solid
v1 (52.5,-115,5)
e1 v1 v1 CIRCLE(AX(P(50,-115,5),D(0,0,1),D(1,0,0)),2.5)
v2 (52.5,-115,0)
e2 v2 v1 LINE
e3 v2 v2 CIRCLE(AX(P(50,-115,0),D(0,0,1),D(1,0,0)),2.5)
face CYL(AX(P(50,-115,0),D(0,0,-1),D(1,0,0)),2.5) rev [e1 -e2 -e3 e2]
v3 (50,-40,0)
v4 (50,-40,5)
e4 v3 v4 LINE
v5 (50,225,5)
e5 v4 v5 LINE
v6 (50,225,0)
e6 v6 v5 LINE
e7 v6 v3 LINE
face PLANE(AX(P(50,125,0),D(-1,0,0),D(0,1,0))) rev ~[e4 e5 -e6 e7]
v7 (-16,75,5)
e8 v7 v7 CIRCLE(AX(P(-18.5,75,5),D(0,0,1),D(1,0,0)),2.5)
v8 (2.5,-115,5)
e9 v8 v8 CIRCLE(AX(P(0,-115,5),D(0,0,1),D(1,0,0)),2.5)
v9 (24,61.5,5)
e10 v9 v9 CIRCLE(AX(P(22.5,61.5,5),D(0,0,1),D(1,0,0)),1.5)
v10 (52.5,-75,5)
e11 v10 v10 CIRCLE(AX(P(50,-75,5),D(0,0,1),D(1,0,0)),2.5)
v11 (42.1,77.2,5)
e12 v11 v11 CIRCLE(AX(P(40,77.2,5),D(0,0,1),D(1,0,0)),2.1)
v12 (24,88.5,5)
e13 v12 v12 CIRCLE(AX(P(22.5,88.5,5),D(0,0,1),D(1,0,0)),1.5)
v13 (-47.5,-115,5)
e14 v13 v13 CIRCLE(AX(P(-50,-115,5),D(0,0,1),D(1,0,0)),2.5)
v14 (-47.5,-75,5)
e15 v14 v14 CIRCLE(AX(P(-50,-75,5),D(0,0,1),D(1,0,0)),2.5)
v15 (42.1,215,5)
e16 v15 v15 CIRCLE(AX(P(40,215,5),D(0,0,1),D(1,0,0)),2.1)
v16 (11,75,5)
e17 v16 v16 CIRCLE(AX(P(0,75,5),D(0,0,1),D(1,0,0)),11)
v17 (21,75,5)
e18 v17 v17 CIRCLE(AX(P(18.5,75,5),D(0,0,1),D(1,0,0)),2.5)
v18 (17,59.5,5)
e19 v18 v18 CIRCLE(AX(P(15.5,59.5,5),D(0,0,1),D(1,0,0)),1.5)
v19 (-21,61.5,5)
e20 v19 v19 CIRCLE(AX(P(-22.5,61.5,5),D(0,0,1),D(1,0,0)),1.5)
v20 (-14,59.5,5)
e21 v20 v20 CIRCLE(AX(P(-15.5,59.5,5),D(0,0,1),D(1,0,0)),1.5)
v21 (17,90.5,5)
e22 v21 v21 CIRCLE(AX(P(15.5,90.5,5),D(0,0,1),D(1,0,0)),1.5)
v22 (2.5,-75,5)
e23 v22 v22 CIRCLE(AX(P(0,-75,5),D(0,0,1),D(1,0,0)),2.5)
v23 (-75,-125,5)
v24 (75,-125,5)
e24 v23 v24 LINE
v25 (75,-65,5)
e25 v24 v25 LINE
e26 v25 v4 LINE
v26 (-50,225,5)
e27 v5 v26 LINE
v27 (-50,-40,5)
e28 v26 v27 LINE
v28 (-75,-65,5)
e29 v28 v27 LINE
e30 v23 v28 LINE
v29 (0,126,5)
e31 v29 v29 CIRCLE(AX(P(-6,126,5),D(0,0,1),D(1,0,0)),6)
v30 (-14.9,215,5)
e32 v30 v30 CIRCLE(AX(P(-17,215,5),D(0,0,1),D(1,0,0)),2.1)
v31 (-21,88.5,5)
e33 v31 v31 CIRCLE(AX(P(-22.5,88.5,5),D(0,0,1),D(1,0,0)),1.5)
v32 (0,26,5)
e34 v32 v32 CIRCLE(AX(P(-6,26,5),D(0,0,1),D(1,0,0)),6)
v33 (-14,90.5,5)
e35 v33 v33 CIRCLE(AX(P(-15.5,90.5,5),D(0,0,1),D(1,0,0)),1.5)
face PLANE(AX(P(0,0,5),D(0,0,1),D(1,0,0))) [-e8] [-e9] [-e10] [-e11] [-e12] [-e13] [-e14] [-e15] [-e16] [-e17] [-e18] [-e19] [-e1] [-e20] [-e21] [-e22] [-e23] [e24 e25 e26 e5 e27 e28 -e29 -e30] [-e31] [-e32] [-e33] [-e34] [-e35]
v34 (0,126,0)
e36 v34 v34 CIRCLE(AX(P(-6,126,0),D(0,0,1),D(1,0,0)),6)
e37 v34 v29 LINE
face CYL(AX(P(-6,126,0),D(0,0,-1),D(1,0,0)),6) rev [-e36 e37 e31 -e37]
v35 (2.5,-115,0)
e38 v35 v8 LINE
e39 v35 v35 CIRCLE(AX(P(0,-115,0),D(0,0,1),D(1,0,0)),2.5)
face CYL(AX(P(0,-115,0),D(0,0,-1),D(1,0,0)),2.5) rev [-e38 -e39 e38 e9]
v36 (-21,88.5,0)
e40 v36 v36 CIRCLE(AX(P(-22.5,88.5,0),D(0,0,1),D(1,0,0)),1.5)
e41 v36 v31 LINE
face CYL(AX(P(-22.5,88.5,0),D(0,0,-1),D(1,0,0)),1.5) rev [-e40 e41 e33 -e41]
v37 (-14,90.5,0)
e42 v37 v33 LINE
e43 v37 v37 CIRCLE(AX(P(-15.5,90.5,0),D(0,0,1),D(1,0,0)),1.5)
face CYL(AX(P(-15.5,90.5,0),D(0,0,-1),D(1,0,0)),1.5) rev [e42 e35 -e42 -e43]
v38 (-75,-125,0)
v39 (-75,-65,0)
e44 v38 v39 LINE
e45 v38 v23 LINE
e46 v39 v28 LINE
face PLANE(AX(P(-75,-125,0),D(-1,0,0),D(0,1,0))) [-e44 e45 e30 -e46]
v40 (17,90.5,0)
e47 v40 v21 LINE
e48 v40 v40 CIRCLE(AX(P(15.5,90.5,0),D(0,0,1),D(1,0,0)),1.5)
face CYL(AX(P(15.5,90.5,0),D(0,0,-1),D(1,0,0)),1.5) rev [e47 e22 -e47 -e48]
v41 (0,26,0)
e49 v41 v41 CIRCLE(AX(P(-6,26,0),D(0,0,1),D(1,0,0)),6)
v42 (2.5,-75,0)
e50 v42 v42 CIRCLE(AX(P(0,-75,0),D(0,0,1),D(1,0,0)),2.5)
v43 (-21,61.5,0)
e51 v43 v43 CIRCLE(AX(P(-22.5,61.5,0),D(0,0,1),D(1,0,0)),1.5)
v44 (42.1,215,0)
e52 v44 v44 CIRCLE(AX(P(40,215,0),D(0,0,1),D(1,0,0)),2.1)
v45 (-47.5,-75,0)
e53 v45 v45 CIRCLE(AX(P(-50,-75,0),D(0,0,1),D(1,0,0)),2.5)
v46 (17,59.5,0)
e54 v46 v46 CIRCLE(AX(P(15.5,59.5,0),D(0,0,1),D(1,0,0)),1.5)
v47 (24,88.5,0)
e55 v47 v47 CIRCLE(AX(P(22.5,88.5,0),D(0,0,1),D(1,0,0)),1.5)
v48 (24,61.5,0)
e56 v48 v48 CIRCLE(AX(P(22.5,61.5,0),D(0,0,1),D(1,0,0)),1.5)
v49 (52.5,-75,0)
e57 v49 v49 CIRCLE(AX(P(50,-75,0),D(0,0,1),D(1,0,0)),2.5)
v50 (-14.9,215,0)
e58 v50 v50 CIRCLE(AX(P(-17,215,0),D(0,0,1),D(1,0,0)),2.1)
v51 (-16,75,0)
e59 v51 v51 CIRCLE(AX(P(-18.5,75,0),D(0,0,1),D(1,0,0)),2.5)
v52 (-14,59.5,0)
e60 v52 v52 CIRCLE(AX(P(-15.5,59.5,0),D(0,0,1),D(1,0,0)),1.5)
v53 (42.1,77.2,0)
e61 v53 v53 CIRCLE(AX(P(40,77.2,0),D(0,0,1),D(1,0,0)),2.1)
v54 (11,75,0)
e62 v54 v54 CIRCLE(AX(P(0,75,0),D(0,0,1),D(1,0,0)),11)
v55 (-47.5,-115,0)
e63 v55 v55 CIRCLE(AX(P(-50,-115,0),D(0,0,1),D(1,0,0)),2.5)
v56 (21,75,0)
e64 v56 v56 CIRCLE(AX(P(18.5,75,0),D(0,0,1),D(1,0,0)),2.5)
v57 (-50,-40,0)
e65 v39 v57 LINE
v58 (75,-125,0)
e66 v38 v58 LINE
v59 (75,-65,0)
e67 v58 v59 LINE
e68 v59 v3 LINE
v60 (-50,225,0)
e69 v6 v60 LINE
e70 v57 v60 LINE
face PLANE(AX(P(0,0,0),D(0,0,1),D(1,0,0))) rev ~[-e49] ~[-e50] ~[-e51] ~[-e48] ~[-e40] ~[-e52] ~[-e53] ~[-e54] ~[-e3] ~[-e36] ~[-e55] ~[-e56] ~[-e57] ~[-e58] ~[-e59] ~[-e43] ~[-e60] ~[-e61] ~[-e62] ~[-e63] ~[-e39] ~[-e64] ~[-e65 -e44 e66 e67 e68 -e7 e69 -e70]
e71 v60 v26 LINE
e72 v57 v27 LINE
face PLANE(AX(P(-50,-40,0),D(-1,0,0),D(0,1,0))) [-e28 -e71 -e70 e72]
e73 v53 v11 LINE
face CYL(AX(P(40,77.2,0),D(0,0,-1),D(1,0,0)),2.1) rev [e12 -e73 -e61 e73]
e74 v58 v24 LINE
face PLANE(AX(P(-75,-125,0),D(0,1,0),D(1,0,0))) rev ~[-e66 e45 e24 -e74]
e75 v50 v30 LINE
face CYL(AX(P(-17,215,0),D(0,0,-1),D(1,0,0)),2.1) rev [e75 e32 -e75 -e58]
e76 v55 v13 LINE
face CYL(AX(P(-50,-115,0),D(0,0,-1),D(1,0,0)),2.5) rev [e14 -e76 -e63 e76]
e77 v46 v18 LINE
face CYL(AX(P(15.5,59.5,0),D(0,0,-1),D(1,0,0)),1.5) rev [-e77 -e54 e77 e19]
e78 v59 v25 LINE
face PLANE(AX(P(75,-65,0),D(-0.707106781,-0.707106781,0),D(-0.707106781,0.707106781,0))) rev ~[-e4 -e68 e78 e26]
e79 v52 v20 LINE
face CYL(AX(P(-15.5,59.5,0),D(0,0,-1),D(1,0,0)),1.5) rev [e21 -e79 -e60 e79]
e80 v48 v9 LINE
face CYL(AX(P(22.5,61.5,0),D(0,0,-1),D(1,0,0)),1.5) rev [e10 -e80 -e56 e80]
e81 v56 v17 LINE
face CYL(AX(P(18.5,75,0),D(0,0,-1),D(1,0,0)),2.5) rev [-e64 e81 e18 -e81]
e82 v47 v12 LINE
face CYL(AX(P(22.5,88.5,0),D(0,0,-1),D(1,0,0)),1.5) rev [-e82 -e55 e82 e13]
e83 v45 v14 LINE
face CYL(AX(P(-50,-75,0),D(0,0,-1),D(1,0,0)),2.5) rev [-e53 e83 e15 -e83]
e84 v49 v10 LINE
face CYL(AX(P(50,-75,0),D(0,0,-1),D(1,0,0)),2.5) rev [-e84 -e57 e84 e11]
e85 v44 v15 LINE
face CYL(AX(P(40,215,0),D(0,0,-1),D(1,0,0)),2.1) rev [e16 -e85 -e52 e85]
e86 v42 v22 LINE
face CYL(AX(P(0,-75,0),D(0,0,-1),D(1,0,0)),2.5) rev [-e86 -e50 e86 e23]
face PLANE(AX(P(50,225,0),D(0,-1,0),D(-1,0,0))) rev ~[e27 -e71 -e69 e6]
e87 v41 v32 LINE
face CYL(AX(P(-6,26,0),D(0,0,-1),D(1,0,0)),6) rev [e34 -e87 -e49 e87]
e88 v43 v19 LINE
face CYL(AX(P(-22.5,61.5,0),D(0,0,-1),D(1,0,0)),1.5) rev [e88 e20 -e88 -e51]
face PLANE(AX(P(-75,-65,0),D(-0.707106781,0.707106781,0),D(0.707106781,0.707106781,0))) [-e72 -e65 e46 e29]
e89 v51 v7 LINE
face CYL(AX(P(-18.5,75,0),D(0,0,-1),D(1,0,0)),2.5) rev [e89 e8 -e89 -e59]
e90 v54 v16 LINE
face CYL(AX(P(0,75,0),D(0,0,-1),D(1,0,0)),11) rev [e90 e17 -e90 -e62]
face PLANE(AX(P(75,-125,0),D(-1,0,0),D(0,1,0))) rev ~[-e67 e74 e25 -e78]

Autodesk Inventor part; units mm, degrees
ref_plane "YZ Plane" through (0, 0, 0) normal (1, 0, 0) x (0, 1, 0)
ref_plane "XZ Plane" through (0, 0, 0) normal (0, 1, 0) x (-1, 0, 0)
ref_plane "XY Plane" through (0, 0, 0) normal (0, 0, 1) x (1, 0, 0)
sketch "Boceto1" plane through (0, 0, 0) normal (0, 0, 1) x (1, 0, 0)
  line L0 (-75, 125) -> (75, 125) construction
  line L1 (75, 125) -> (75, -125) construction
  line L2 (75, -125) -> (-75, -125) construction
  line L3 (-75, -125) -> (-75, 125) construction
  line L4 (-75, 125) -> (75, -125) construction
  line L5 (75, 125) -> (-75, -125) construction
  line L6 (-75, -125) -> (75, -125)
  line L7 (75, -125) -> (75, -65)
  line L8 (-75, -125) -> (-75, -65)
  line L9 (-75, -65) -> (75, -65) construction
  line L10 (75, -65) -> (50, -40)
  line L11 (50, -40) -> (50, 125)
  line L12 (50, 125) -> (0, 125) construction
  line L13 (0, 125) -> (0, -125) construction
  line L14 (-75, -65) -> (-50, -40)
  line L15 (-50, -40) -> (-50, 125)
  line L16 (-50, 125) -> (0, 125) construction
  line L17 (-50, -40) -> (50, -40)
  circle A0 centre (0, 75) radius 11
  circle A1 centre (-22.5, 88.5) radius 1.5
  circle A2 centre (-22.5, 61.5) radius 1.5
  line L18 (-22.5, 88.5) -> (-22.5, 61.5) construction
  line L19 (0, 75) -> (-22.5, 75) construction
  circle A3 centre (22.5, 88.5) radius 1.5
  circle A4 centre (22.5, 61.5) radius 1.5
  circle A5 centre (-6, 26) radius 6
  line L20 (-75, -115) -> (75, -115) construction
  line L21 (-75, -75) -> (75, -75) construction
  circle A6 centre (0, -75) radius 2.5
  circle A7 centre (0, -115) radius 2.5
  circle A8 centre (50, -75) radius 2.5
  circle A9 centre (50, -115) radius 2.5
  circle A10 centre (-50, -75) radius 2.5
  circle A11 centre (-50, -115) radius 2.5
  line L22 (-50, 125) -> (50, 125) construction
  line L23 (50, 125) -> (50, 225)
  line L24 (50, 225) -> (-50, 225)
  line L25 (-50, 225) -> (-50, 125)
  line L26 (0, 225) -> (0, -40) construction
  circle A12 centre (-6, 126) radius 6
  circle A13 centre (18.5, 75) radius 2.5
  circle A14 centre (-18.5, 75) radius 2.5
  circle A15 centre (-15.5, 90.5) radius 1.5
  circle A16 centre (15.5, 90.5) radius 1.5
  line L27 (-15.5, 90.5) -> (15.5, 90.5) construction
  circle A17 centre (-15.5, 59.5) radius 1.5
  circle A18 centre (15.5, 59.5) radius 1.5
  circle A19 centre (-17, 215) radius 2.1
  circle A20 centre (40, 215) radius 2.1
  line L28 (-17, 215) -> (40, 215) construction
  circle A21 centre (40, 77.2) radius 2.1
  line L29 (40, 215) -> (40, 77.2) construction
  point P0 (0, 0)
  dimension "d0" = 150
  dimension "d1" = 250
  dimension "d2" = 60
  dimension "d3" = 45
  dimension "d4" = 50
  dimension "d6" = 22
  dimension "d8" = 3
  dimension "d9" = 3
  dimension "d10" = 27
  dimension "d11" = 22.5
  dimension "d16" = 10
  dimension "d17" = 40
  dimension "d18" = 5
  dimension "d19" = 5
  dimension "d20" = 5
  dimension "d21" = 5
  dimension "d22" = 50
  dimension "d23" = 50
  dimension "d25" = 12
  dimension "d29" = 100
  dimension "d30" = 6
  dimension "d31" = 115
  dimension "d32" = 66
  dimension "d34" = 6
  dimension "d35" = 166
  dimension "d36" = 12
  dimension "d48" = 13.5
  dimension "d49" = 18.5
  dimension "d50" = 5
  dimension "d52" = 15.5
  dimension "d53" = 15.5
  dimension "d54" = 15.5
  dimension "d55" = 3
  dimension "d56" = 3
  dimension "d57" = 10
  dimension "d59" = 4.2
  dimension "d60" = 4.2
  dimension "d61" = 57
  dimension "d63" = 4.2
  dimension "d64" = 10
  dimension "d65" = 137.8
extrude "Extrusión1" add sketch "Boceto1" along normal blind 5
properties part number "PlanchaLateral" material "Acero ASTM A36"
